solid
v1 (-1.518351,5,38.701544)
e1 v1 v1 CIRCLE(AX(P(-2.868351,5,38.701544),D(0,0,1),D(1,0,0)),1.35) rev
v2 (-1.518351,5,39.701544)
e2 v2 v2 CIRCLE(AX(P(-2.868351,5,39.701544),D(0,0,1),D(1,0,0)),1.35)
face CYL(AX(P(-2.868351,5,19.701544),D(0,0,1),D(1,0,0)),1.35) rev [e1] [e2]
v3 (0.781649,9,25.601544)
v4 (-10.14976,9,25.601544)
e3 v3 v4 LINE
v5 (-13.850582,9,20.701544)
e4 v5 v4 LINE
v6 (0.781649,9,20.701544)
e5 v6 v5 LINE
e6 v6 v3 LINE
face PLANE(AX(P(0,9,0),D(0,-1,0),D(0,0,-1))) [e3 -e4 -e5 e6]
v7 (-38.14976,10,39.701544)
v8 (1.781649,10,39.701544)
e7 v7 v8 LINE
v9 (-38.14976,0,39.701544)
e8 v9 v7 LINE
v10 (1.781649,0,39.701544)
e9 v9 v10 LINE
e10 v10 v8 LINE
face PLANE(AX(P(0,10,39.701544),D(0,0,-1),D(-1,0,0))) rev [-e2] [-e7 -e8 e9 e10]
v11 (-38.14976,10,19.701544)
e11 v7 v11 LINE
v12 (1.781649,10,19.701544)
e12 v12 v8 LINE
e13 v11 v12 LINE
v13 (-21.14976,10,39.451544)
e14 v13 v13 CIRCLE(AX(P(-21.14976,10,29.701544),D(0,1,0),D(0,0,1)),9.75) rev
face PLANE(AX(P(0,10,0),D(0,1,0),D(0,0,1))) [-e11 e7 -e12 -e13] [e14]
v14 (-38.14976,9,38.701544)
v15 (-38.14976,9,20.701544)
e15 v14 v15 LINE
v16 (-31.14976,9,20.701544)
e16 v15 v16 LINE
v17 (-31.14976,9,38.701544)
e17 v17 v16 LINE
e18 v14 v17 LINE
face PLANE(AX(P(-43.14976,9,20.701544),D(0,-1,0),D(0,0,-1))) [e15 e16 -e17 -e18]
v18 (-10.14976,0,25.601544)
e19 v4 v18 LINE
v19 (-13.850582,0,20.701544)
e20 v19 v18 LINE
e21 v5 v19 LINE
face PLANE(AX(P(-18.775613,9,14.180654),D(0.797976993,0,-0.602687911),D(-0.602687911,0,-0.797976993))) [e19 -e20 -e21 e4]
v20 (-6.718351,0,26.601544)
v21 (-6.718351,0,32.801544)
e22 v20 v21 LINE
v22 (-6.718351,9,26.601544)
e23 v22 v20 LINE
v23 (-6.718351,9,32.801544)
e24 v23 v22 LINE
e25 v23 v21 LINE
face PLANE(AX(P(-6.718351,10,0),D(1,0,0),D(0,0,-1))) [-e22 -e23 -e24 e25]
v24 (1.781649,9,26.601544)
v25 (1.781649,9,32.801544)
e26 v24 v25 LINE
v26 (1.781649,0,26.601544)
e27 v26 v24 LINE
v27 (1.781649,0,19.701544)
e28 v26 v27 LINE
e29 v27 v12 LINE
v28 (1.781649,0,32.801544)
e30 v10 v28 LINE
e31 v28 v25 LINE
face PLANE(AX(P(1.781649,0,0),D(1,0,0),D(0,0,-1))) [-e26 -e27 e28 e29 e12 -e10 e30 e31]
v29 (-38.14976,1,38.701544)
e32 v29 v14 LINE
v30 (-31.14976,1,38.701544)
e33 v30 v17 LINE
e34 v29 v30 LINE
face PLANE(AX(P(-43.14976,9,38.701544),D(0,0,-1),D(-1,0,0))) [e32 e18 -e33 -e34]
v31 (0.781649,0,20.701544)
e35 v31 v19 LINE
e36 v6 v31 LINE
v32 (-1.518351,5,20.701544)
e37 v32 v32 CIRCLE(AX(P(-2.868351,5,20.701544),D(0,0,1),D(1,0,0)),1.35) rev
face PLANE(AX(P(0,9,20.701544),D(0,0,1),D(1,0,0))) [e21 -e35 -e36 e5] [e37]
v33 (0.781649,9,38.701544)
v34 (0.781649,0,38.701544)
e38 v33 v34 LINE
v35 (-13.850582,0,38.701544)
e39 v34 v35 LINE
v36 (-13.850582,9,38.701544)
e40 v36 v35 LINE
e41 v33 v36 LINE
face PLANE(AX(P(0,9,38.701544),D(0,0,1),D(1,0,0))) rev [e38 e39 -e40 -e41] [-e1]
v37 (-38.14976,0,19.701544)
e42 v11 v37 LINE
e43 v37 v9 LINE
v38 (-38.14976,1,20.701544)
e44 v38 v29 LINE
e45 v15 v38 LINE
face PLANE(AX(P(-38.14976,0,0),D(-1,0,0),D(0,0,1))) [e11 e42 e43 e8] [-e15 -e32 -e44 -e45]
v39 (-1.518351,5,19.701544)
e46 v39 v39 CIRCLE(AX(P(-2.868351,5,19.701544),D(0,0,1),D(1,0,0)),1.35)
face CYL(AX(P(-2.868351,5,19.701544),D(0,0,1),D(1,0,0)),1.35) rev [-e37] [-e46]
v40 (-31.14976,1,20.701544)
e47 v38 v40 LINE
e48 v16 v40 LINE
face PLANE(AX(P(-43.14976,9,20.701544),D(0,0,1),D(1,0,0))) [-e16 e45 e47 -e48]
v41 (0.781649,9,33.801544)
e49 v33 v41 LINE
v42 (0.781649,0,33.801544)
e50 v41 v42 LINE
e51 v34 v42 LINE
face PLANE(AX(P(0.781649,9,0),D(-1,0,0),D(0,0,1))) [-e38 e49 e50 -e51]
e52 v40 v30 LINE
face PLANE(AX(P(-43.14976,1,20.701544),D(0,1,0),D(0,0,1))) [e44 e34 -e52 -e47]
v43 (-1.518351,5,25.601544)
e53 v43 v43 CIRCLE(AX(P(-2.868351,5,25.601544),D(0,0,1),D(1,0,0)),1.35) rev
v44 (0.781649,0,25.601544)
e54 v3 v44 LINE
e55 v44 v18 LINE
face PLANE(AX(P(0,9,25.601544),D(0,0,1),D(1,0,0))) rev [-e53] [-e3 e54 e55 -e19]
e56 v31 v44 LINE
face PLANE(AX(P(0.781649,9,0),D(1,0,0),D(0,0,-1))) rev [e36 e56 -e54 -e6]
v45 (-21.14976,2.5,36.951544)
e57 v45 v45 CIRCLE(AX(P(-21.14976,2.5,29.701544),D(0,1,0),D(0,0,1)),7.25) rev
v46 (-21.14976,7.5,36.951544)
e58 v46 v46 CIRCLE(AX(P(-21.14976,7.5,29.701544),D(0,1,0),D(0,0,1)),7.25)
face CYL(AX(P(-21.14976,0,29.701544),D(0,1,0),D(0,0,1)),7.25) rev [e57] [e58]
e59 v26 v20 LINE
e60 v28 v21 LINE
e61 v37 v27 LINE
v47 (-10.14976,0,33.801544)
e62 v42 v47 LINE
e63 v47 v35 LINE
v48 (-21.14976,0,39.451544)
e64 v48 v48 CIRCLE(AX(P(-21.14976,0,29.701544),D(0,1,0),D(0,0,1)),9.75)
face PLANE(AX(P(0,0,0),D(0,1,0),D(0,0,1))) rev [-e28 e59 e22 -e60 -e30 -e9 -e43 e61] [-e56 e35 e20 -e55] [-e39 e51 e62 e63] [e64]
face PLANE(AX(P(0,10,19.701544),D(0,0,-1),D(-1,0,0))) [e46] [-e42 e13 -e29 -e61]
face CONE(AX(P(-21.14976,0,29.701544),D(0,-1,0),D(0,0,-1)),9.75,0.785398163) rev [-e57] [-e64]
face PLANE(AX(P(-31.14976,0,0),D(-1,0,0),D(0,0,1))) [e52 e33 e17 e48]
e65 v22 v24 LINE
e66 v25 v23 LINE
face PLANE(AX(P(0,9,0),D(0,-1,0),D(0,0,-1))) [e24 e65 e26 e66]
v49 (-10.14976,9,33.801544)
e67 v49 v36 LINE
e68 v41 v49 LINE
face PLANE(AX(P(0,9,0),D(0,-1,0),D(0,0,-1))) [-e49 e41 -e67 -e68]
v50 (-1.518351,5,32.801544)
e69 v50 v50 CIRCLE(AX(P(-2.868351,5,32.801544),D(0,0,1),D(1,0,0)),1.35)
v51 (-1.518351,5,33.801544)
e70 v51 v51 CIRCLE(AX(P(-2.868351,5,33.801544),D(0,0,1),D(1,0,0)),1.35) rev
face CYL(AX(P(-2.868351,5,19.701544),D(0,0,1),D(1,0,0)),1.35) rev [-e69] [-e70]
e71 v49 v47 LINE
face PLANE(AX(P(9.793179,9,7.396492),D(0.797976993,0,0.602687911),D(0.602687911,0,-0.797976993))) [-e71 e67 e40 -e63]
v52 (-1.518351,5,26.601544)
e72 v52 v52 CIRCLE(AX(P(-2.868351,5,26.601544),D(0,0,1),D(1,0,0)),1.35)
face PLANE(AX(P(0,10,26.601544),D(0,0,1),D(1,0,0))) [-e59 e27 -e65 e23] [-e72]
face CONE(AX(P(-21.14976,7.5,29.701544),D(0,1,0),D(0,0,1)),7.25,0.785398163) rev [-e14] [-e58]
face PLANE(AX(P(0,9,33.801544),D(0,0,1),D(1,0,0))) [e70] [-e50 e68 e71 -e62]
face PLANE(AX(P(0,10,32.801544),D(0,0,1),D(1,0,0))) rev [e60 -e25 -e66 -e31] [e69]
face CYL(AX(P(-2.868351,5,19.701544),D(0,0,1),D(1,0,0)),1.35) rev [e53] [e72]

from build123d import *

# Parameters (mm, degrees)
BOSS_EXTRUDE2_DEPTH = 10
SKETCH2_R           = 7.25
CUT_EXTRUDE1_DEPTH  = 10
CHAMFER5_SIZE       = 2.5
SKETCH5_W           = 6.2
SKETCH5_H           = 2
BOSS_EXTRUDE3_DEPTH = 8.5
SKETCH6_W           = 2.931408159
SKETCH6_H           = 6.9
BOSS_EXTRUDE4_DEPTH = 10
SKETCH7_W           = 8.5
SKETCH7_H           = 6.2
CUT_EXTRUDE2_DEPTH  = 1
SKETCH8_R           = 1.35
CUT_EXTRUDE3_DEPTH  = 20
BOSS_EXTRUDE5_START = -10
BOSS_EXTRUDE5_DEPTH = 10
SKETCH12_W          = 20
SKETCH12_H          = 10
SKETCH12_W_2        = 18
SKETCH12_H_2        = 8
BOSS_EXTRUDE7_DEPTH = 12
CUT_EXTRUDE4_DEPTH  = 9
SKETCH15_W          = 20
SKETCH15_H          = 10
SKETCH15_W_2        = 18
SKETCH15_H_2        = 8
CUT_EXTRUDE5_DEPTH  = 5


with BuildPart() as part:
    # Sketch1 → Boss-Extrude2 (new body)
    with BuildSketch(Plane(origin=(0, 0, 0), x_dir=(1, 0, 0), z_dir=(0, 1, 0))):
        with BuildLine():
            Line((-1.149759624, -19.701544489), (-21.149759624, -19.701544489))
            ThreePointArc((-21.149759624, -19.701544489), (-31.149759624, -29.70154451), (-21.149759581, -39.701544489))
            Line((-21.149759581, -39.701544489), (-1.149759624, -39.701544489))
            Line((-1.149759624, -39.701544489), (-1.149759624, -32.801544489))
            Line((-1.149759624, -32.801544489), (-6.718351465, -32.801544489))
            Line((-6.718351465, -32.801544489), (-6.718351465, -26.601544489))
            Line((-6.718351465, -26.601544489), (-1.149759624, -26.601544489))
            Line((-1.149759624, -26.601544489), (-1.149759624, -19.701544489))
        make_face()
    extrude(amount=BOSS_EXTRUDE2_DEPTH)

    # Sketch2 → Cut-Extrude1 (cut)
    with BuildSketch(Plane(origin=(0, 10, 0), x_dir=(1, 0, 0), z_dir=(0, 1, 0))):
        with Locations((-21.149759624, -29.701544489)):
            Circle(SKETCH2_R)
    extrude(amount=-CUT_EXTRUDE1_DEPTH, mode=Mode.SUBTRACT)

    # Chamfer5
    chamfer5_edges = [part.edges().sort_by_distance(p)[0] for p in [
        (-28.399759624, 10, 29.701544489),
        (-28.399759624, 0, 29.701544489),
    ]]
    chamfer(chamfer5_edges, length=CHAMFER5_SIZE)

    # Sketch5 → Boss-Extrude3 (add)
    with BuildSketch(Plane(origin=(-6.718351465, 0, 0), x_dir=(0, 0, -1), z_dir=(1, 0, 0))):
        with Locations((-29.701544489, 9)):
            Rectangle(SKETCH5_W, SKETCH5_H)
    extrude(amount=BOSS_EXTRUDE3_DEPTH)

    # Sketch6 → Boss-Extrude4 (add)
    with BuildSketch(Plane(origin=(0, 10, 0), x_dir=(1, 0, 0), z_dir=(0, 1, 0))):
        with Locations((0.315944456, -23.151544489)):
            Rectangle(SKETCH6_W, SKETCH6_H)
        with Locations((0.315944456, -36.251544489)):
            Rectangle(SKETCH6_W, SKETCH6_H)
    extrude(amount=-BOSS_EXTRUDE4_DEPTH)

    # Sketch7 → Cut-Extrude2 (cut)
    with BuildSketch(Plane.XZ.offset(-8)):
        with Locations((-2.468351465, 29.701544489)):
            Rectangle(SKETCH7_W, SKETCH7_H)
    extrude(amount=-CUT_EXTRUDE2_DEPTH, mode=Mode.SUBTRACT)

    # Sketch8 → Cut-Extrude3 (cut)
    with BuildSketch(Plane.XY.offset(39.701544489)):
        with Locations((-2.868351465, 5)):
            Circle(SKETCH8_R)
    extrude(amount=-CUT_EXTRUDE3_DEPTH, mode=Mode.SUBTRACT)

    # Sketch10 → Boss-Extrude5 (add)
    with BuildSketch(Plane(origin=(0, 10, 0), x_dir=(1, 0, 0), z_dir=(0, 1, 0)).offset(BOSS_EXTRUDE5_START)):
        with BuildLine():
            ThreePointArc((-31.149759624, -29.701544489), (-28.220827436, -22.630476677), (-21.149759624, -19.701544489))
            Line((-21.149759624, -19.701544489), (-31.149759624, -19.701544489))
            Line((-31.149759624, -19.701544489), (-31.149759624, -29.701544489))
        make_face()
        with BuildLine():
            ThreePointArc((-21.149759624, -39.701544489), (-28.220827436, -36.772612301), (-31.149759624, -29.701544489))
            Line((-31.149759624, -29.701544489), (-31.149759624, -39.701544489))
            Line((-31.149759624, -39.701544489), (-21.149759624, -39.701544489))
        make_face()
    extrude(amount=BOSS_EXTRUDE5_DEPTH)

    # Sketch12 → Boss-Extrude7 (add)
    with BuildSketch(Plane.ZY.offset(31.149759624)):
        with Locations((29.701544489, 5)):
            Rectangle(SKETCH12_W, SKETCH12_H)
        with Locations((29.701544489, 5)):
            Rectangle(SKETCH12_W_2, SKETCH12_H_2, mode=Mode.SUBTRACT)
    extrude(amount=BOSS_EXTRUDE7_DEPTH)

    # Sketch13 → Cut-Extrude4 (cut)
    with BuildSketch(Plane.XZ):
        Polygon((0.781648535, 33.801544489), (0.781648535, 38.701544489), (-13.850581564, 38.701544489), (-10.149759624, 33.801544489), align=None)
        Polygon((0.781648535, 20.701544489), (0.781648535, 25.601544489), (-10.149759624, 25.601544489), (-13.850581564, 20.701544489), align=None)
    extrude(amount=-CUT_EXTRUDE4_DEPTH, mode=Mode.SUBTRACT)

    # Sketch15 → Cut-Extrude5 (cut)
    with BuildSketch(Plane.ZY.offset(43.149759624)):
        with Locations((29.701544489, 5)):
            Rectangle(SKETCH15_W, SKETCH15_H)
        with Locations((29.701544489, 5)):
            Rectangle(SKETCH15_W_2, SKETCH15_H_2, mode=Mode.SUBTRACT)
    extrude(amount=-CUT_EXTRUDE5_DEPTH, mode=Mode.SUBTRACT)


solid = part.part
